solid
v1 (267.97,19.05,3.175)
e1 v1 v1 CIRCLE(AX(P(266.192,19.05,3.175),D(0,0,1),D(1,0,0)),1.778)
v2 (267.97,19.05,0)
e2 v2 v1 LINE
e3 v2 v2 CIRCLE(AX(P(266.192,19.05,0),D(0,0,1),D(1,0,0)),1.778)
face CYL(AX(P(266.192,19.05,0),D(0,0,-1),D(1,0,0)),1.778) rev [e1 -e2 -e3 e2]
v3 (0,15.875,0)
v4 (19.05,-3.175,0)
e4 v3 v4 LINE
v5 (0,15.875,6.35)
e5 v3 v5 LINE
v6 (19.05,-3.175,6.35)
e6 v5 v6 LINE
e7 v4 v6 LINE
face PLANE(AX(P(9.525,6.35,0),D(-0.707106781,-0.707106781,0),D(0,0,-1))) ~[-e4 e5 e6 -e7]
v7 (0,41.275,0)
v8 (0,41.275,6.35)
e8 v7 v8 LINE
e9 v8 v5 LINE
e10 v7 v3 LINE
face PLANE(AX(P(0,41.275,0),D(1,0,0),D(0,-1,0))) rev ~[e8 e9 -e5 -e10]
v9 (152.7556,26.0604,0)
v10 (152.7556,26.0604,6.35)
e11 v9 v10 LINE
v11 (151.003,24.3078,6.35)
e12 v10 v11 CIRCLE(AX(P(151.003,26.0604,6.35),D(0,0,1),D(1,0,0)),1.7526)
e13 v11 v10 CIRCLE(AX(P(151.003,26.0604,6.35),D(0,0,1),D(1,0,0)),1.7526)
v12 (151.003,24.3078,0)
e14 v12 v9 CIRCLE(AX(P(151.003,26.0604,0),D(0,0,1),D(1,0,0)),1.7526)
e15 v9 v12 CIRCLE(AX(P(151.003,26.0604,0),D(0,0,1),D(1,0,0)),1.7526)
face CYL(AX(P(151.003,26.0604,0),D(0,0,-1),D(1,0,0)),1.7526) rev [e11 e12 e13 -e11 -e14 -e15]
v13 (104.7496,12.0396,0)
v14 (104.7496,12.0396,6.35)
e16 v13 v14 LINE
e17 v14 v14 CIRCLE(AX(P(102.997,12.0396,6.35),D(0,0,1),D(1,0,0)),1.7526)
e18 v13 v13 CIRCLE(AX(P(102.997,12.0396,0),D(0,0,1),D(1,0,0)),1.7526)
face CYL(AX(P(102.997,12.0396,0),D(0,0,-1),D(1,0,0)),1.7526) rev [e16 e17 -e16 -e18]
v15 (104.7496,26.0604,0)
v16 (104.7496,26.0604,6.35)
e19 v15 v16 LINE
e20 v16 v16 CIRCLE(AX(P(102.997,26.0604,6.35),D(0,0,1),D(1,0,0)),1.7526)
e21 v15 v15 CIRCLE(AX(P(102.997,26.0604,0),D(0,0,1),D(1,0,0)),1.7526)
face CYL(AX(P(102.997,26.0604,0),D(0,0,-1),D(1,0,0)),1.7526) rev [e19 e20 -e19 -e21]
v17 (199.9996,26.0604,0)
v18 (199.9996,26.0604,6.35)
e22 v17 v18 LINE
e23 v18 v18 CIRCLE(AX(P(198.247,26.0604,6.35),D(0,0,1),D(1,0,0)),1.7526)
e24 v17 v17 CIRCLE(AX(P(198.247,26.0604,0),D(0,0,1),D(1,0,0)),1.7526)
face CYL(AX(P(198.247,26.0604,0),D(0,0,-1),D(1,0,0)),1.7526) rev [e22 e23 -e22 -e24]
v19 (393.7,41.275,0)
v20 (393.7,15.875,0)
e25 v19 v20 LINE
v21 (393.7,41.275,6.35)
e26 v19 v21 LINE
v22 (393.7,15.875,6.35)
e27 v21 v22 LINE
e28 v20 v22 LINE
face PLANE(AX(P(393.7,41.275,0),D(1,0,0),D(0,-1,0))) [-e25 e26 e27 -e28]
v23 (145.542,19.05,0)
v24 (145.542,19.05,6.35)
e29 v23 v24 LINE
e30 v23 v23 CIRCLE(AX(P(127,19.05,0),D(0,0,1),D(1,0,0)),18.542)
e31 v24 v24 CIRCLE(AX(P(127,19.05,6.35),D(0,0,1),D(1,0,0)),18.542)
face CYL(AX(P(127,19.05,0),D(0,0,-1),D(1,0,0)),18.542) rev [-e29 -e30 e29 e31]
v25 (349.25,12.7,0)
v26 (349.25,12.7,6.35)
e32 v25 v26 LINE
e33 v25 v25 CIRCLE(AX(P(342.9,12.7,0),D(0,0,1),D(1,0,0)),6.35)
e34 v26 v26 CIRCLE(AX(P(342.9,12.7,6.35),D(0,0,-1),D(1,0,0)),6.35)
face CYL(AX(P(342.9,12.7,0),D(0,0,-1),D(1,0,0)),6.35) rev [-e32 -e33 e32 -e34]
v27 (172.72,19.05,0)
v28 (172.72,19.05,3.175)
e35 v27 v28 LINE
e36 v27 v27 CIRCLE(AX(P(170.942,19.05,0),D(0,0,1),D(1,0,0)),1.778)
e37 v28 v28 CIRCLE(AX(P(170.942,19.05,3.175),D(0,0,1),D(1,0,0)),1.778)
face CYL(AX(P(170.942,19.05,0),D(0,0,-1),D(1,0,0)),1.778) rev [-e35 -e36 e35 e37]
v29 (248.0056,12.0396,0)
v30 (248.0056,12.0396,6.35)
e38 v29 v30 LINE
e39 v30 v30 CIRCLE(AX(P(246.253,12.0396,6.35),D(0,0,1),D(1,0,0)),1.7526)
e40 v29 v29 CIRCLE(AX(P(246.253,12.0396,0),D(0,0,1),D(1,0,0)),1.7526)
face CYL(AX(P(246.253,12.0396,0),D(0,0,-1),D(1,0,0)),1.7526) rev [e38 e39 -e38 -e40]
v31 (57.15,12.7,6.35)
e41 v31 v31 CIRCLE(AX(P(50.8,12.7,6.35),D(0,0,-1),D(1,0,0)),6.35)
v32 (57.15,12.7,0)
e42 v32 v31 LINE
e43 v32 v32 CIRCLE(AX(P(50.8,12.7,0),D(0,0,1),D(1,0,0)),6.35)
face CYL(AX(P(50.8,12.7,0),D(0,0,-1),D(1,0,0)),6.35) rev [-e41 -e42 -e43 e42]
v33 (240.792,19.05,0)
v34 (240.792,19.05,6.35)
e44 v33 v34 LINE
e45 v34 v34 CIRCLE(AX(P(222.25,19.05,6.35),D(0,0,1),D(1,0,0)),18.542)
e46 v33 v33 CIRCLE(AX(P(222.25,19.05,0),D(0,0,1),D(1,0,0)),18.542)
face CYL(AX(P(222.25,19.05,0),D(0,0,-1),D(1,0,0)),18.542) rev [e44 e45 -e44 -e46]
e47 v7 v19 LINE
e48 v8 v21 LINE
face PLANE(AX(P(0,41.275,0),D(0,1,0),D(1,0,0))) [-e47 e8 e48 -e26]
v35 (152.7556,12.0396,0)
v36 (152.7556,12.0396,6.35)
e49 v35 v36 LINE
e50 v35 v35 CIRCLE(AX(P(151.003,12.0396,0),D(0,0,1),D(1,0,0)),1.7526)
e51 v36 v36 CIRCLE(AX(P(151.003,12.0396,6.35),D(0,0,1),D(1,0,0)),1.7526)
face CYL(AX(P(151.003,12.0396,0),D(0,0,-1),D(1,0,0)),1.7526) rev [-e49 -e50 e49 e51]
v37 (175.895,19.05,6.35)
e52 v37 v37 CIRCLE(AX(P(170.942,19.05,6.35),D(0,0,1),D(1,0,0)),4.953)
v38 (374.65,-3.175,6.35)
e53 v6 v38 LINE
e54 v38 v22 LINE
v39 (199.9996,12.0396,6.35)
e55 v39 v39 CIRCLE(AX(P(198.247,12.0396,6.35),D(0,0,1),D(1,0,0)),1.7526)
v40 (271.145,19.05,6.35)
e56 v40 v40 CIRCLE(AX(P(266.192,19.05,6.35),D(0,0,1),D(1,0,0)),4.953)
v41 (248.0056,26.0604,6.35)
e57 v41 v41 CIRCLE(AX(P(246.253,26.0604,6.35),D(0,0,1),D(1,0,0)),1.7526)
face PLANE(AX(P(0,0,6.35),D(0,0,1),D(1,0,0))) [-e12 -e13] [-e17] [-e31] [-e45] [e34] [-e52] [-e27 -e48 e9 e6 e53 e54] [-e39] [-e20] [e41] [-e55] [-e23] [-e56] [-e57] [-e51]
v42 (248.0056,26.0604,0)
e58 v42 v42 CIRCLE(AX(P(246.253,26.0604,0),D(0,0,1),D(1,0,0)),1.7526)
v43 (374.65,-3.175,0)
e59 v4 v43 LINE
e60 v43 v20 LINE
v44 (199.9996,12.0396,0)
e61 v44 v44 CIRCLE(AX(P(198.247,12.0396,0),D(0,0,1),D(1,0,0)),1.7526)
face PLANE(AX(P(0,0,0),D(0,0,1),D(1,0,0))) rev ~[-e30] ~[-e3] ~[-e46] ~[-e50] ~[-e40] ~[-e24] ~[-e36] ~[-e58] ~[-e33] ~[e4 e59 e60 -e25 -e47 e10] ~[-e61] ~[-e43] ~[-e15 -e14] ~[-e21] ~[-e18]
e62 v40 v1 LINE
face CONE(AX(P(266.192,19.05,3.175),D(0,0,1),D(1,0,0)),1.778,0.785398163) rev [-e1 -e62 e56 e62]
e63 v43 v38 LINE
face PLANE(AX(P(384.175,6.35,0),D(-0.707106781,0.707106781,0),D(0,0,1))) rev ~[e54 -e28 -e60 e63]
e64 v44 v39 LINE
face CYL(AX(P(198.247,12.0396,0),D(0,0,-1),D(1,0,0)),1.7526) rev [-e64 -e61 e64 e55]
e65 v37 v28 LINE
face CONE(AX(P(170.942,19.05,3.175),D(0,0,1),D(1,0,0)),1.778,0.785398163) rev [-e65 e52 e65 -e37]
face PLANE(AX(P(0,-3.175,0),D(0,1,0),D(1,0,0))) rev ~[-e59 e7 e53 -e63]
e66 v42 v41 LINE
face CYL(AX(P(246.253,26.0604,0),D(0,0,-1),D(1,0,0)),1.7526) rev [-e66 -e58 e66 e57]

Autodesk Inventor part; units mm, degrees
ref_plane "YZ Plane" through (0, 0, 0) normal (1, 0, 0) x (0, 1, 0)
ref_plane "XZ Plane" through (0, 0, 0) normal (0, 1, 0) x (-1, 0, 0)
ref_plane "XY Plane" through (0, 0, 0) normal (0, 0, 1) x (1, 0, 0)
sketch "Sketch1" plane through (0, 0, 0) normal (0, 0, 1) x (1, 0, 0)
  circle A0 centre (127, 19.05) radius 18.542
  circle A1 centre (222.25, 19.05) radius 18.542
  circle A2 centre (170.942, 19.05) radius 1.778
  circle A3 centre (266.192, 19.05) radius 1.778
  line L0 (151.003, 19.05) -> (151.003, 26.0604)
  circle A4 centre (102.997, 12.0396) radius 1.7526
  circle A5 centre (102.997, 26.0604) radius 1.7526
  circle A6 centre (151.003, 26.0604) radius 1.7526
  circle A7 centre (151.003, 12.0396) radius 1.7526
  line L1 (151.003, 19.05) -> (127, 19.05)
  circle A8 centre (246.253, 26.0604) radius 1.7526
  circle A9 centre (246.253, 12.0396) radius 1.7526
  circle A10 centre (198.247, 12.0396) radius 1.7526
  circle A11 centre (198.247, 26.0604) radius 1.7526
  line L2 (0, -3.175) -> (393.7, -3.175)
  line L3 (0, 41.275) -> (393.7, 41.275)
  line L4 (0, 41.275) -> (0, -3.175)
  line L5 (393.7, 41.275) -> (393.7, -3.175)
  circle A12 centre (222.25, 19.05) radius 18.542
  circle A13 centre (246.253, 26.0604) radius 1.7526
  circle A14 centre (246.253, 12.0396) radius 1.7526
  circle A15 centre (266.192, 19.05) radius 1.778
  circle A16 centre (198.247, 12.0396) radius 1.7526
  circle A17 centre (198.247, 26.0604) radius 1.7526
  circle A18 centre (170.942, 19.05) radius 1.778
  circle A19 centre (151.003, 12.0396) radius 1.7526
  circle A20 centre (151.003, 26.0604) radius 1.7526
  circle A21 centre (127, 19.05) radius 18.542
  circle A22 centre (102.997, 12.0396) radius 1.7526
  circle A23 centre (102.997, 26.0604) radius 1.7526
  circle A24 centre (50.8, 12.7) radius 6.35
  circle A25 centre (342.9, 12.7) radius 6.35
  point P0 (0, 0)
  dimension "d3" = 37.084
  dimension "d5" = 37.084
  dimension "d10" = 3.556
  dimension "d11" = 3.556
  dimension "d24" = 7.0104
  dimension "d28" = 3.5052
  dimension "d29" = 3.5052
  dimension "d30" = 3.5052
  dimension "d31" = 24.003
  dimension "d38" = 3.5052
  dimension "d39" = 3.5052
  dimension "d40" = 3.5052
  dimension "d41" = 3.5052
extrude "Extrusion4" add sketch "Sketch1" along normal blind 6.35 contours L4 L3 L5 L2 | A24 | A25
chamfer "Chamfer2" distance 3.175 angle 45 2 edges at (169.164, 19.05, 6.35) (264.414, 19.05, 6.35)
extrude "Extrusion5" cut sketch "Sketch1" along normal blind 25.4 contours A24 | A25
chamfer "Chamfer3" distance 19.05 angle 45 1 edges at (0, -3.175, 3.175)
chamfer "Chamfer4" distance 19.05 angle 45 1 edges at (393.7, -3.175, 3.175)
properties part number "Drive Train - Smallest Model"
